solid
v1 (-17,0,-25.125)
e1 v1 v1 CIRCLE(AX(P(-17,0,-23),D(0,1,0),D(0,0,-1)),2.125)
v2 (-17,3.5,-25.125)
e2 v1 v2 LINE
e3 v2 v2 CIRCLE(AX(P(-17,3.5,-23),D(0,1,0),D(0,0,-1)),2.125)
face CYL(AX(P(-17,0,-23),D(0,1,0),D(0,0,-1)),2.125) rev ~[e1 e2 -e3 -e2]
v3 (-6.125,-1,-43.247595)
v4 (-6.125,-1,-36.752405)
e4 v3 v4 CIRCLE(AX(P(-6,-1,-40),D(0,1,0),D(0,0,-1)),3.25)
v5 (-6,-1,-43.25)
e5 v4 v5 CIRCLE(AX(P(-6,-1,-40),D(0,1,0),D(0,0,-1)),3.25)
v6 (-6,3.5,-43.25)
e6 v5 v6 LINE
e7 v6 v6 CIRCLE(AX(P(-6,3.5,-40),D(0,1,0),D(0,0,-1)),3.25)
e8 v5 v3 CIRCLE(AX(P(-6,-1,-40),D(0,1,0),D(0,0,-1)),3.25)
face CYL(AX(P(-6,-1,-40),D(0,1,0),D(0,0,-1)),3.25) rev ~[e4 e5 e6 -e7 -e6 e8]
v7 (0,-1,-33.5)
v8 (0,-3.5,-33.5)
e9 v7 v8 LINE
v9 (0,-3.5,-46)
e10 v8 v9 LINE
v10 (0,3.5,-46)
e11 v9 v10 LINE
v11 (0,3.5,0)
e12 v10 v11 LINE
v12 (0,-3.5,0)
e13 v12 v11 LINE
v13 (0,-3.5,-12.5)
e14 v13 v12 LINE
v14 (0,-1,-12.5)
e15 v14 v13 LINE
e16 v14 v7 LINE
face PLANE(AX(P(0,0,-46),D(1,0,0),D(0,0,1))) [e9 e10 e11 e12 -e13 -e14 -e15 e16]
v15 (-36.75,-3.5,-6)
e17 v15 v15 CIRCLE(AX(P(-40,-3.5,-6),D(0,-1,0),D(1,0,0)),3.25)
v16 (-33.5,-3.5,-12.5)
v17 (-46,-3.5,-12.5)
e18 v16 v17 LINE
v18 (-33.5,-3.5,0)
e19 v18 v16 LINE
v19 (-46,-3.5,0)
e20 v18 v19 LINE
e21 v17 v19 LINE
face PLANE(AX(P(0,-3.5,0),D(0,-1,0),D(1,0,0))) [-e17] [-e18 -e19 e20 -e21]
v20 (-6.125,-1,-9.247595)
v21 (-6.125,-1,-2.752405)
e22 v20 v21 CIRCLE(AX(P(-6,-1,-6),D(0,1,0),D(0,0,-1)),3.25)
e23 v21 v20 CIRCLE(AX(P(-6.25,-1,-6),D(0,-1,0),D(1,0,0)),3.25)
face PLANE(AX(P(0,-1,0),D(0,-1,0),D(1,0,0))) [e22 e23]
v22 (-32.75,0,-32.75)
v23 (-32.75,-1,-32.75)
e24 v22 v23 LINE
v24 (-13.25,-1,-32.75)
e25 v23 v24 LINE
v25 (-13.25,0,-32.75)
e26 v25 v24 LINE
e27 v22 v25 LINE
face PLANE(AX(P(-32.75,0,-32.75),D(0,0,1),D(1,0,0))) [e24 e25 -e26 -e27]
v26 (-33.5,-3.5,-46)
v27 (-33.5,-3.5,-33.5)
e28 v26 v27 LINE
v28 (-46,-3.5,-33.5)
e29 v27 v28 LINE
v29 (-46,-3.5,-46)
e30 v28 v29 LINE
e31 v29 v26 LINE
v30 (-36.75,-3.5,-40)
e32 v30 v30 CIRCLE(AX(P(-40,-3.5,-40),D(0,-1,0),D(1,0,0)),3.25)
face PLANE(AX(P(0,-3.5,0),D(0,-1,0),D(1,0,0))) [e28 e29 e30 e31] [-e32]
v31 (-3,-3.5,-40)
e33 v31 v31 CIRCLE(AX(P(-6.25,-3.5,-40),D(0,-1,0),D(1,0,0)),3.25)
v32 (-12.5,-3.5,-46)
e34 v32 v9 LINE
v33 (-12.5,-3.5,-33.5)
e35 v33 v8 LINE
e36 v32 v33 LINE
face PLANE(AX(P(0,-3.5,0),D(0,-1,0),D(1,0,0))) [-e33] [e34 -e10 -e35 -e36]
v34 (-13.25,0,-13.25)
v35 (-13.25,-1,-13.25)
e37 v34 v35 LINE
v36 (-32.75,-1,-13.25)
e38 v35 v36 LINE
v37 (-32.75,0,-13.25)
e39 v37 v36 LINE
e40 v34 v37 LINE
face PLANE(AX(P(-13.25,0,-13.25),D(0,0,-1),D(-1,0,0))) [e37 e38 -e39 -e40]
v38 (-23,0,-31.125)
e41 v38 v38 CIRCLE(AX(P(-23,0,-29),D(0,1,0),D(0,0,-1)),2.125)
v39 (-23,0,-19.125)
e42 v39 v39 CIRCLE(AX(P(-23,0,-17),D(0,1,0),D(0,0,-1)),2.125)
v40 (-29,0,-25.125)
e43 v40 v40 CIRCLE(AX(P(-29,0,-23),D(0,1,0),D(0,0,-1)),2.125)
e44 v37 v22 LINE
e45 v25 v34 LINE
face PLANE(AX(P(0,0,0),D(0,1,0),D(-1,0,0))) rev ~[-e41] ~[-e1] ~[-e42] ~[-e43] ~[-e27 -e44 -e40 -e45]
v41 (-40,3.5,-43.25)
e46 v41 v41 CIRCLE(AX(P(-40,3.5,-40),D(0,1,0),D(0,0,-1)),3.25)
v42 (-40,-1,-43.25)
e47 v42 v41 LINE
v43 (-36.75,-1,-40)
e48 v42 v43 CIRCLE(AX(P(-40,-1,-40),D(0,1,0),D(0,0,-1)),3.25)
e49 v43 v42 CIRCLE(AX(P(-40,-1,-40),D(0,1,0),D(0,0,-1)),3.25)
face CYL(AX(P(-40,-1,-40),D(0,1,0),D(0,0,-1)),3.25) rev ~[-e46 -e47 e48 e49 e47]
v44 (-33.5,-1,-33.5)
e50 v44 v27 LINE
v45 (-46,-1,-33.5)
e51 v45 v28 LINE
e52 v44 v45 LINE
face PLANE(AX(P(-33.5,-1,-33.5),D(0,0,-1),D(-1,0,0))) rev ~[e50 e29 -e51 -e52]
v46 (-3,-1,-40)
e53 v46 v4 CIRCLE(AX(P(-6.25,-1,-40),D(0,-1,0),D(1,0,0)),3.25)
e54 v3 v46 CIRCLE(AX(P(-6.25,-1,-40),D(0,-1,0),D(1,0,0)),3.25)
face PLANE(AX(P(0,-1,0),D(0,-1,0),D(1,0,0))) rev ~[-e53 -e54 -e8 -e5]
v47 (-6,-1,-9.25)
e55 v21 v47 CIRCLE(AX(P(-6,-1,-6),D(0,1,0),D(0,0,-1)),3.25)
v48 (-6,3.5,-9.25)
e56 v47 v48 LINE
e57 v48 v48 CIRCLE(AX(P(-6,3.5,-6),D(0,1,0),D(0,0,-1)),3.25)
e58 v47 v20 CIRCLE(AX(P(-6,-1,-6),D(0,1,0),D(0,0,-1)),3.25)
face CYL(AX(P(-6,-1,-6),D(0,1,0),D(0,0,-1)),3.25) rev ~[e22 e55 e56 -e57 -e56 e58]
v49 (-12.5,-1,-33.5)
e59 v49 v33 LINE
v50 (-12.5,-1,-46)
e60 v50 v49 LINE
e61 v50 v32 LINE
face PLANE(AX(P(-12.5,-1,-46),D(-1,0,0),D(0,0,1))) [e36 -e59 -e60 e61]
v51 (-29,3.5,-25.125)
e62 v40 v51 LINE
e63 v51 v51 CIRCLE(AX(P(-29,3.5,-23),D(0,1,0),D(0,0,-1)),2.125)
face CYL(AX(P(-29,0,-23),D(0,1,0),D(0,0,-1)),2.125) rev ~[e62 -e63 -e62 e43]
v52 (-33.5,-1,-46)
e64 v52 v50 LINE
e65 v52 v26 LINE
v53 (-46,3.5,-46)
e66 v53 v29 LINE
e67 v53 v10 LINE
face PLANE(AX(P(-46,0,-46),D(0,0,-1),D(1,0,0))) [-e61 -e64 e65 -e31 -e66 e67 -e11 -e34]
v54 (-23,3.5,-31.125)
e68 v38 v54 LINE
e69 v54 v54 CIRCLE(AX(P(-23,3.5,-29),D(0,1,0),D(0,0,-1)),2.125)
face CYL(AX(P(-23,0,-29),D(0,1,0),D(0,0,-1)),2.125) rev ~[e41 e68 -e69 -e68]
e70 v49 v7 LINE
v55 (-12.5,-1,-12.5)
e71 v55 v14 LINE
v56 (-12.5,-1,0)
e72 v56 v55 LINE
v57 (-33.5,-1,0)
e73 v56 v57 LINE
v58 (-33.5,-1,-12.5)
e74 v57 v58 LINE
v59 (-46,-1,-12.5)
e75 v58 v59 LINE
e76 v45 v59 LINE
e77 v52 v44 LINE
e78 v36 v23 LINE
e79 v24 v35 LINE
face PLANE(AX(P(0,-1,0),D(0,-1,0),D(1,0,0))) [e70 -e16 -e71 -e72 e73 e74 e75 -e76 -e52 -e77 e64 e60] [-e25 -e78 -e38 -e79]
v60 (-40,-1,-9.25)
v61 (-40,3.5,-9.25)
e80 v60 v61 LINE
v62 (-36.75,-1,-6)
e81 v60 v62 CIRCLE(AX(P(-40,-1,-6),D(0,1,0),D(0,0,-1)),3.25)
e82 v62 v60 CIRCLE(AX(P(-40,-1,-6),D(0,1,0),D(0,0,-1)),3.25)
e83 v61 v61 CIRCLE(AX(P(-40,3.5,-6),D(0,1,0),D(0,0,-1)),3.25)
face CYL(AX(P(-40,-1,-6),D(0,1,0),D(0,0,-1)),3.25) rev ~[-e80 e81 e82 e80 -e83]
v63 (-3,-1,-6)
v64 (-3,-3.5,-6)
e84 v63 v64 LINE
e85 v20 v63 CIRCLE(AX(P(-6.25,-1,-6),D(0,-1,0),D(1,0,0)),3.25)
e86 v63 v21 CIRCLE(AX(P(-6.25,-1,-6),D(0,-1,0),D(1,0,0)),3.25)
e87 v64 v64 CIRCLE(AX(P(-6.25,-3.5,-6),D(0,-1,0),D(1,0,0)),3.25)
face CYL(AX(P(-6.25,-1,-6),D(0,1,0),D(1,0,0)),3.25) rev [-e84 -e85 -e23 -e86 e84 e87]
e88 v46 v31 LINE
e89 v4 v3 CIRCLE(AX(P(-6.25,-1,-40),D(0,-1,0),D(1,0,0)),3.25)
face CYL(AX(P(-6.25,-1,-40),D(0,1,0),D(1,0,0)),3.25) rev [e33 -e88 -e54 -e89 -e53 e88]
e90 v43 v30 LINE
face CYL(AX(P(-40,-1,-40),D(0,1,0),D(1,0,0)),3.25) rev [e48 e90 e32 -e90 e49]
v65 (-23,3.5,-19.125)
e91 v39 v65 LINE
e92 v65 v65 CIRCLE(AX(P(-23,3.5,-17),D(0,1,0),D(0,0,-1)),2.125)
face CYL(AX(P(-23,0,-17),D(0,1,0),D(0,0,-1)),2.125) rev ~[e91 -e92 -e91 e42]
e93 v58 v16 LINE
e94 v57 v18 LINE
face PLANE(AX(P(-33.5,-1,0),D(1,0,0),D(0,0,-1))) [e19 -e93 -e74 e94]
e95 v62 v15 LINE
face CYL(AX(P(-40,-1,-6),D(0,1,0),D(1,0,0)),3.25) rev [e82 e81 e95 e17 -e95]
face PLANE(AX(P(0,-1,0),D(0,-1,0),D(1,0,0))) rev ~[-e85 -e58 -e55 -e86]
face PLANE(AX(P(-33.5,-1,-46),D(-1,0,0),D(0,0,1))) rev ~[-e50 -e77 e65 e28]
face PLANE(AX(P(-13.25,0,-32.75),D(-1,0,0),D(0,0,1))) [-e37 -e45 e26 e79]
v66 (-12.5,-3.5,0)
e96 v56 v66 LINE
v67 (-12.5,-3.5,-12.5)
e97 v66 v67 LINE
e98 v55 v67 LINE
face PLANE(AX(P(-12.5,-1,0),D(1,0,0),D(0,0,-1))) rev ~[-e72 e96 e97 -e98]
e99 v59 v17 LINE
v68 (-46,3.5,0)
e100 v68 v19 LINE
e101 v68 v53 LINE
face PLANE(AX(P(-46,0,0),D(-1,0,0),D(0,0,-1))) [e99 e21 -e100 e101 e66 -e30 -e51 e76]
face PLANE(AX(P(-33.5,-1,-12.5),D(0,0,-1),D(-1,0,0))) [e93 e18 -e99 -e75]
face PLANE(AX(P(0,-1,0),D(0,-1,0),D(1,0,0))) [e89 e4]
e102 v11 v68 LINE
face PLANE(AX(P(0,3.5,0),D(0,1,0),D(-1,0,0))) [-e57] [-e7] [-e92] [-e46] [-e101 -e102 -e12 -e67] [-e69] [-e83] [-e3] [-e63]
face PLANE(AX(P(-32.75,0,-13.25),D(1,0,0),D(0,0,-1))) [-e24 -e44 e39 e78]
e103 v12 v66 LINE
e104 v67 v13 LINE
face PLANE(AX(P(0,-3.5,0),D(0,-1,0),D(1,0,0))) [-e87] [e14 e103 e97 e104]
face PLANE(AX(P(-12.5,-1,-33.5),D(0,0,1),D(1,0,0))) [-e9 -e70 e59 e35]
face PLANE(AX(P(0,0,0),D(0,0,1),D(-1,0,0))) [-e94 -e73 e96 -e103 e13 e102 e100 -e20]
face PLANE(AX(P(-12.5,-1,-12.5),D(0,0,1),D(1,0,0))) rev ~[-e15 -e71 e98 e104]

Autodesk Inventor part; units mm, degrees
ref_plane "YZ Plane" through (0, 0, 0) normal (1, 0, 0) x (0, 1, 0)
ref_plane "XZ Plane" through (0, 0, 0) normal (0, 1, 0) x (-1, 0, 0)
ref_plane "XY Plane" through (0, 0, 0) normal (0, 0, 1) x (1, 0, 0)
sketch "Sketch2" plane through (0, 0, 0) normal (0, 1, 0) x (-1, 0, 0)
  line L0 (0, 0) -> (46, 0)
  line L1 (46, 0) -> (46, -46)
  line L2 (46, -46) -> (0, -46)
  line L3 (0, -46) -> (0, 0)
  dimension "d0" = 46
  dimension "d1" = 46
extrude "Extrusion1" add sketch "Sketch2" along normal blind 3.5
sketch "Sketch6" plane through (0, 0, 0) normal (0, -1, 0) x (1, 0, 0)
  line L0 (-13.25, -13.25) -> (-32.75, -13.25)
  line L1 (-32.75, -13.25) -> (-32.75, -32.75)
  line L2 (-32.75, -32.75) -> (-13.25, -32.75)
  line L3 (-13.25, -32.75) -> (-13.25, -13.25)
  line L4 (-46, -46) -> (0, -46) projected
  line L5 (0, 0) -> (0, -46) projected
  line L6 (-46, -46) -> (-46, 0) projected
  line L7 (0, 0) -> (-46, 0)
  line L8 (-46, 0) -> (-46, -46)
  line L9 (-46, -46) -> (0, -46)
  line L10 (0, -46) -> (0, 0)
  dimension "d41" = 13.25
  dimension "d42" = 13.25
  dimension "d43" = 13.25
  dimension "d44" = 13.25
extrude "Extrusion3" add sketch "Sketch6" along normal blind 1
sketch "Sketch7" plane through (0, -1, 0) normal (0, -1, 0) x (1, 0, 0)
  circle A0 centre (-6, -40) radius 3.25
  line L0 (-46, -46) -> (0, -46) projected
  line L1 (0, -46) -> (0, 0) projected
  circle A1 centre (-40, -40) radius 3.25
  line L2 (-46, 0) -> (-46, -46) projected
  circle A2 centre (-40, -6) radius 3.25
  line L3 (0, 0) -> (-46, 0) projected
  circle A3 centre (-6, -6) radius 3.25
  dimension "d26" = 6.5
  dimension "d27" = 6
  dimension "d28" = 6
  dimension "d29" = 6.5
  dimension "d30" = 6
  dimension "d31" = 6.5
  dimension "d32" = 6
  dimension "d33" = 6.5
  dimension "d45" = 6
  dimension "d46" = 6
  dimension "d47" = 6
  dimension "d48" = 6
hole "Hole2" at (-6, -1, -6) at (-6, -1, -40) at (-40, -1, -40) at (-40, -1, -6) direction (0, 1, 0) diameter 6.5 depth 9
sketch "Sketch8" plane through (0, 0, 0) normal (0, -1, 0) x (1, 0, 0)
  line L0 (-32.75, -13.25) -> (-13.25, -13.25) projected
  line L1 (-23, -13.25) -> (-23, -32.75)
  line L2 (-32.75, -32.75) -> (-13.25, -32.75) projected
  line L3 (-23, -23) -> (-11, -23)
  circle A0 centre (-17, -23) radius 2.125
  circle A1 centre (-23, -17) radius 2.125
  circle A2 centre (-23, -29) radius 2.125
  circle A3 centre (-29, -23) radius 2.125
  point P0 (0, 0)
  dimension "d49" = 4.25
  dimension "d50" = 6
  dimension "d51" = 4.25
  dimension "d52" = 6
  dimension "d53" = 4.25
  dimension "d54" = 6
  dimension "d55" = 4.25
  dimension "d56" = 6
hole "Hole3" at (-29, 0, -23) at (-23, 0, -17) at (-23, 0, -29) at (-17, 0, -23) direction (0, 1, 0) diameter 4.25 end through all
sketch "Sketch9" plane through (0, -1, 0) normal (0, -1, 0) x (1, 0, 0)
  line L0 (0, 0) -> (-46, 0) projected
  line L1 (0, 0) -> (-12.5, 0)
  line L2 (-12.5, 0) -> (-12.5, -12.5)
  line L3 (-12.5, -12.5) -> (0, -12.5)
  line L4 (0, -12.5) -> (0, 0)
  line L5 (-46, -46) -> (0, -46) projected
  line L6 (0, -46) -> (-12.5, -46)
  line L7 (-12.5, -46) -> (-12.5, -33.5)
  line L8 (-12.5, -33.5) -> (0, -33.5)
  line L9 (0, -33.5) -> (0, -46)
  line L10 (-46, -46) -> (-33.5, -46)
  line L11 (-33.5, -46) -> (-33.5, -33.5)
  line L12 (-33.5, -33.5) -> (-46, -33.5)
  line L13 (-46, -33.5) -> (-46, -46)
  circle A0 centre (-40, -40) radius 3.25 projected
  circle A1 centre (-40, -40) radius 3.25
  circle A2 centre (-40, -6) radius 3.25 projected
  circle A3 centre (-40, -6) radius 3.25
  circle A4 centre (-6.25, -40) radius 3.25
  circle A5 centre (-6.25, -6) radius 3.25
  line L14 (-46, 0) -> (-33.5, 0)
  line L15 (-33.5, 0) -> (-33.5, -12.5)
  line L16 (-33.5, -12.5) -> (-46, -12.5)
  line L17 (-46, -12.5) -> (-46, 0)
  dimension "d66" = 12.5
  dimension "d67" = 12.5
  dimension "d68" = 12.5
  dimension "d69" = 12.5
  dimension "d70" = 12.5
  dimension "d71" = 12.5
  dimension "d72" = 6.5
  dimension "d73" = 6.5
  dimension "d74" = 6.5
  dimension "d77" = 12.5
  dimension "d78" = 12.5
extrude "Extrusion4" add sketch "Sketch9" along normal blind 2.5
properties part number "RotatorBottom"
